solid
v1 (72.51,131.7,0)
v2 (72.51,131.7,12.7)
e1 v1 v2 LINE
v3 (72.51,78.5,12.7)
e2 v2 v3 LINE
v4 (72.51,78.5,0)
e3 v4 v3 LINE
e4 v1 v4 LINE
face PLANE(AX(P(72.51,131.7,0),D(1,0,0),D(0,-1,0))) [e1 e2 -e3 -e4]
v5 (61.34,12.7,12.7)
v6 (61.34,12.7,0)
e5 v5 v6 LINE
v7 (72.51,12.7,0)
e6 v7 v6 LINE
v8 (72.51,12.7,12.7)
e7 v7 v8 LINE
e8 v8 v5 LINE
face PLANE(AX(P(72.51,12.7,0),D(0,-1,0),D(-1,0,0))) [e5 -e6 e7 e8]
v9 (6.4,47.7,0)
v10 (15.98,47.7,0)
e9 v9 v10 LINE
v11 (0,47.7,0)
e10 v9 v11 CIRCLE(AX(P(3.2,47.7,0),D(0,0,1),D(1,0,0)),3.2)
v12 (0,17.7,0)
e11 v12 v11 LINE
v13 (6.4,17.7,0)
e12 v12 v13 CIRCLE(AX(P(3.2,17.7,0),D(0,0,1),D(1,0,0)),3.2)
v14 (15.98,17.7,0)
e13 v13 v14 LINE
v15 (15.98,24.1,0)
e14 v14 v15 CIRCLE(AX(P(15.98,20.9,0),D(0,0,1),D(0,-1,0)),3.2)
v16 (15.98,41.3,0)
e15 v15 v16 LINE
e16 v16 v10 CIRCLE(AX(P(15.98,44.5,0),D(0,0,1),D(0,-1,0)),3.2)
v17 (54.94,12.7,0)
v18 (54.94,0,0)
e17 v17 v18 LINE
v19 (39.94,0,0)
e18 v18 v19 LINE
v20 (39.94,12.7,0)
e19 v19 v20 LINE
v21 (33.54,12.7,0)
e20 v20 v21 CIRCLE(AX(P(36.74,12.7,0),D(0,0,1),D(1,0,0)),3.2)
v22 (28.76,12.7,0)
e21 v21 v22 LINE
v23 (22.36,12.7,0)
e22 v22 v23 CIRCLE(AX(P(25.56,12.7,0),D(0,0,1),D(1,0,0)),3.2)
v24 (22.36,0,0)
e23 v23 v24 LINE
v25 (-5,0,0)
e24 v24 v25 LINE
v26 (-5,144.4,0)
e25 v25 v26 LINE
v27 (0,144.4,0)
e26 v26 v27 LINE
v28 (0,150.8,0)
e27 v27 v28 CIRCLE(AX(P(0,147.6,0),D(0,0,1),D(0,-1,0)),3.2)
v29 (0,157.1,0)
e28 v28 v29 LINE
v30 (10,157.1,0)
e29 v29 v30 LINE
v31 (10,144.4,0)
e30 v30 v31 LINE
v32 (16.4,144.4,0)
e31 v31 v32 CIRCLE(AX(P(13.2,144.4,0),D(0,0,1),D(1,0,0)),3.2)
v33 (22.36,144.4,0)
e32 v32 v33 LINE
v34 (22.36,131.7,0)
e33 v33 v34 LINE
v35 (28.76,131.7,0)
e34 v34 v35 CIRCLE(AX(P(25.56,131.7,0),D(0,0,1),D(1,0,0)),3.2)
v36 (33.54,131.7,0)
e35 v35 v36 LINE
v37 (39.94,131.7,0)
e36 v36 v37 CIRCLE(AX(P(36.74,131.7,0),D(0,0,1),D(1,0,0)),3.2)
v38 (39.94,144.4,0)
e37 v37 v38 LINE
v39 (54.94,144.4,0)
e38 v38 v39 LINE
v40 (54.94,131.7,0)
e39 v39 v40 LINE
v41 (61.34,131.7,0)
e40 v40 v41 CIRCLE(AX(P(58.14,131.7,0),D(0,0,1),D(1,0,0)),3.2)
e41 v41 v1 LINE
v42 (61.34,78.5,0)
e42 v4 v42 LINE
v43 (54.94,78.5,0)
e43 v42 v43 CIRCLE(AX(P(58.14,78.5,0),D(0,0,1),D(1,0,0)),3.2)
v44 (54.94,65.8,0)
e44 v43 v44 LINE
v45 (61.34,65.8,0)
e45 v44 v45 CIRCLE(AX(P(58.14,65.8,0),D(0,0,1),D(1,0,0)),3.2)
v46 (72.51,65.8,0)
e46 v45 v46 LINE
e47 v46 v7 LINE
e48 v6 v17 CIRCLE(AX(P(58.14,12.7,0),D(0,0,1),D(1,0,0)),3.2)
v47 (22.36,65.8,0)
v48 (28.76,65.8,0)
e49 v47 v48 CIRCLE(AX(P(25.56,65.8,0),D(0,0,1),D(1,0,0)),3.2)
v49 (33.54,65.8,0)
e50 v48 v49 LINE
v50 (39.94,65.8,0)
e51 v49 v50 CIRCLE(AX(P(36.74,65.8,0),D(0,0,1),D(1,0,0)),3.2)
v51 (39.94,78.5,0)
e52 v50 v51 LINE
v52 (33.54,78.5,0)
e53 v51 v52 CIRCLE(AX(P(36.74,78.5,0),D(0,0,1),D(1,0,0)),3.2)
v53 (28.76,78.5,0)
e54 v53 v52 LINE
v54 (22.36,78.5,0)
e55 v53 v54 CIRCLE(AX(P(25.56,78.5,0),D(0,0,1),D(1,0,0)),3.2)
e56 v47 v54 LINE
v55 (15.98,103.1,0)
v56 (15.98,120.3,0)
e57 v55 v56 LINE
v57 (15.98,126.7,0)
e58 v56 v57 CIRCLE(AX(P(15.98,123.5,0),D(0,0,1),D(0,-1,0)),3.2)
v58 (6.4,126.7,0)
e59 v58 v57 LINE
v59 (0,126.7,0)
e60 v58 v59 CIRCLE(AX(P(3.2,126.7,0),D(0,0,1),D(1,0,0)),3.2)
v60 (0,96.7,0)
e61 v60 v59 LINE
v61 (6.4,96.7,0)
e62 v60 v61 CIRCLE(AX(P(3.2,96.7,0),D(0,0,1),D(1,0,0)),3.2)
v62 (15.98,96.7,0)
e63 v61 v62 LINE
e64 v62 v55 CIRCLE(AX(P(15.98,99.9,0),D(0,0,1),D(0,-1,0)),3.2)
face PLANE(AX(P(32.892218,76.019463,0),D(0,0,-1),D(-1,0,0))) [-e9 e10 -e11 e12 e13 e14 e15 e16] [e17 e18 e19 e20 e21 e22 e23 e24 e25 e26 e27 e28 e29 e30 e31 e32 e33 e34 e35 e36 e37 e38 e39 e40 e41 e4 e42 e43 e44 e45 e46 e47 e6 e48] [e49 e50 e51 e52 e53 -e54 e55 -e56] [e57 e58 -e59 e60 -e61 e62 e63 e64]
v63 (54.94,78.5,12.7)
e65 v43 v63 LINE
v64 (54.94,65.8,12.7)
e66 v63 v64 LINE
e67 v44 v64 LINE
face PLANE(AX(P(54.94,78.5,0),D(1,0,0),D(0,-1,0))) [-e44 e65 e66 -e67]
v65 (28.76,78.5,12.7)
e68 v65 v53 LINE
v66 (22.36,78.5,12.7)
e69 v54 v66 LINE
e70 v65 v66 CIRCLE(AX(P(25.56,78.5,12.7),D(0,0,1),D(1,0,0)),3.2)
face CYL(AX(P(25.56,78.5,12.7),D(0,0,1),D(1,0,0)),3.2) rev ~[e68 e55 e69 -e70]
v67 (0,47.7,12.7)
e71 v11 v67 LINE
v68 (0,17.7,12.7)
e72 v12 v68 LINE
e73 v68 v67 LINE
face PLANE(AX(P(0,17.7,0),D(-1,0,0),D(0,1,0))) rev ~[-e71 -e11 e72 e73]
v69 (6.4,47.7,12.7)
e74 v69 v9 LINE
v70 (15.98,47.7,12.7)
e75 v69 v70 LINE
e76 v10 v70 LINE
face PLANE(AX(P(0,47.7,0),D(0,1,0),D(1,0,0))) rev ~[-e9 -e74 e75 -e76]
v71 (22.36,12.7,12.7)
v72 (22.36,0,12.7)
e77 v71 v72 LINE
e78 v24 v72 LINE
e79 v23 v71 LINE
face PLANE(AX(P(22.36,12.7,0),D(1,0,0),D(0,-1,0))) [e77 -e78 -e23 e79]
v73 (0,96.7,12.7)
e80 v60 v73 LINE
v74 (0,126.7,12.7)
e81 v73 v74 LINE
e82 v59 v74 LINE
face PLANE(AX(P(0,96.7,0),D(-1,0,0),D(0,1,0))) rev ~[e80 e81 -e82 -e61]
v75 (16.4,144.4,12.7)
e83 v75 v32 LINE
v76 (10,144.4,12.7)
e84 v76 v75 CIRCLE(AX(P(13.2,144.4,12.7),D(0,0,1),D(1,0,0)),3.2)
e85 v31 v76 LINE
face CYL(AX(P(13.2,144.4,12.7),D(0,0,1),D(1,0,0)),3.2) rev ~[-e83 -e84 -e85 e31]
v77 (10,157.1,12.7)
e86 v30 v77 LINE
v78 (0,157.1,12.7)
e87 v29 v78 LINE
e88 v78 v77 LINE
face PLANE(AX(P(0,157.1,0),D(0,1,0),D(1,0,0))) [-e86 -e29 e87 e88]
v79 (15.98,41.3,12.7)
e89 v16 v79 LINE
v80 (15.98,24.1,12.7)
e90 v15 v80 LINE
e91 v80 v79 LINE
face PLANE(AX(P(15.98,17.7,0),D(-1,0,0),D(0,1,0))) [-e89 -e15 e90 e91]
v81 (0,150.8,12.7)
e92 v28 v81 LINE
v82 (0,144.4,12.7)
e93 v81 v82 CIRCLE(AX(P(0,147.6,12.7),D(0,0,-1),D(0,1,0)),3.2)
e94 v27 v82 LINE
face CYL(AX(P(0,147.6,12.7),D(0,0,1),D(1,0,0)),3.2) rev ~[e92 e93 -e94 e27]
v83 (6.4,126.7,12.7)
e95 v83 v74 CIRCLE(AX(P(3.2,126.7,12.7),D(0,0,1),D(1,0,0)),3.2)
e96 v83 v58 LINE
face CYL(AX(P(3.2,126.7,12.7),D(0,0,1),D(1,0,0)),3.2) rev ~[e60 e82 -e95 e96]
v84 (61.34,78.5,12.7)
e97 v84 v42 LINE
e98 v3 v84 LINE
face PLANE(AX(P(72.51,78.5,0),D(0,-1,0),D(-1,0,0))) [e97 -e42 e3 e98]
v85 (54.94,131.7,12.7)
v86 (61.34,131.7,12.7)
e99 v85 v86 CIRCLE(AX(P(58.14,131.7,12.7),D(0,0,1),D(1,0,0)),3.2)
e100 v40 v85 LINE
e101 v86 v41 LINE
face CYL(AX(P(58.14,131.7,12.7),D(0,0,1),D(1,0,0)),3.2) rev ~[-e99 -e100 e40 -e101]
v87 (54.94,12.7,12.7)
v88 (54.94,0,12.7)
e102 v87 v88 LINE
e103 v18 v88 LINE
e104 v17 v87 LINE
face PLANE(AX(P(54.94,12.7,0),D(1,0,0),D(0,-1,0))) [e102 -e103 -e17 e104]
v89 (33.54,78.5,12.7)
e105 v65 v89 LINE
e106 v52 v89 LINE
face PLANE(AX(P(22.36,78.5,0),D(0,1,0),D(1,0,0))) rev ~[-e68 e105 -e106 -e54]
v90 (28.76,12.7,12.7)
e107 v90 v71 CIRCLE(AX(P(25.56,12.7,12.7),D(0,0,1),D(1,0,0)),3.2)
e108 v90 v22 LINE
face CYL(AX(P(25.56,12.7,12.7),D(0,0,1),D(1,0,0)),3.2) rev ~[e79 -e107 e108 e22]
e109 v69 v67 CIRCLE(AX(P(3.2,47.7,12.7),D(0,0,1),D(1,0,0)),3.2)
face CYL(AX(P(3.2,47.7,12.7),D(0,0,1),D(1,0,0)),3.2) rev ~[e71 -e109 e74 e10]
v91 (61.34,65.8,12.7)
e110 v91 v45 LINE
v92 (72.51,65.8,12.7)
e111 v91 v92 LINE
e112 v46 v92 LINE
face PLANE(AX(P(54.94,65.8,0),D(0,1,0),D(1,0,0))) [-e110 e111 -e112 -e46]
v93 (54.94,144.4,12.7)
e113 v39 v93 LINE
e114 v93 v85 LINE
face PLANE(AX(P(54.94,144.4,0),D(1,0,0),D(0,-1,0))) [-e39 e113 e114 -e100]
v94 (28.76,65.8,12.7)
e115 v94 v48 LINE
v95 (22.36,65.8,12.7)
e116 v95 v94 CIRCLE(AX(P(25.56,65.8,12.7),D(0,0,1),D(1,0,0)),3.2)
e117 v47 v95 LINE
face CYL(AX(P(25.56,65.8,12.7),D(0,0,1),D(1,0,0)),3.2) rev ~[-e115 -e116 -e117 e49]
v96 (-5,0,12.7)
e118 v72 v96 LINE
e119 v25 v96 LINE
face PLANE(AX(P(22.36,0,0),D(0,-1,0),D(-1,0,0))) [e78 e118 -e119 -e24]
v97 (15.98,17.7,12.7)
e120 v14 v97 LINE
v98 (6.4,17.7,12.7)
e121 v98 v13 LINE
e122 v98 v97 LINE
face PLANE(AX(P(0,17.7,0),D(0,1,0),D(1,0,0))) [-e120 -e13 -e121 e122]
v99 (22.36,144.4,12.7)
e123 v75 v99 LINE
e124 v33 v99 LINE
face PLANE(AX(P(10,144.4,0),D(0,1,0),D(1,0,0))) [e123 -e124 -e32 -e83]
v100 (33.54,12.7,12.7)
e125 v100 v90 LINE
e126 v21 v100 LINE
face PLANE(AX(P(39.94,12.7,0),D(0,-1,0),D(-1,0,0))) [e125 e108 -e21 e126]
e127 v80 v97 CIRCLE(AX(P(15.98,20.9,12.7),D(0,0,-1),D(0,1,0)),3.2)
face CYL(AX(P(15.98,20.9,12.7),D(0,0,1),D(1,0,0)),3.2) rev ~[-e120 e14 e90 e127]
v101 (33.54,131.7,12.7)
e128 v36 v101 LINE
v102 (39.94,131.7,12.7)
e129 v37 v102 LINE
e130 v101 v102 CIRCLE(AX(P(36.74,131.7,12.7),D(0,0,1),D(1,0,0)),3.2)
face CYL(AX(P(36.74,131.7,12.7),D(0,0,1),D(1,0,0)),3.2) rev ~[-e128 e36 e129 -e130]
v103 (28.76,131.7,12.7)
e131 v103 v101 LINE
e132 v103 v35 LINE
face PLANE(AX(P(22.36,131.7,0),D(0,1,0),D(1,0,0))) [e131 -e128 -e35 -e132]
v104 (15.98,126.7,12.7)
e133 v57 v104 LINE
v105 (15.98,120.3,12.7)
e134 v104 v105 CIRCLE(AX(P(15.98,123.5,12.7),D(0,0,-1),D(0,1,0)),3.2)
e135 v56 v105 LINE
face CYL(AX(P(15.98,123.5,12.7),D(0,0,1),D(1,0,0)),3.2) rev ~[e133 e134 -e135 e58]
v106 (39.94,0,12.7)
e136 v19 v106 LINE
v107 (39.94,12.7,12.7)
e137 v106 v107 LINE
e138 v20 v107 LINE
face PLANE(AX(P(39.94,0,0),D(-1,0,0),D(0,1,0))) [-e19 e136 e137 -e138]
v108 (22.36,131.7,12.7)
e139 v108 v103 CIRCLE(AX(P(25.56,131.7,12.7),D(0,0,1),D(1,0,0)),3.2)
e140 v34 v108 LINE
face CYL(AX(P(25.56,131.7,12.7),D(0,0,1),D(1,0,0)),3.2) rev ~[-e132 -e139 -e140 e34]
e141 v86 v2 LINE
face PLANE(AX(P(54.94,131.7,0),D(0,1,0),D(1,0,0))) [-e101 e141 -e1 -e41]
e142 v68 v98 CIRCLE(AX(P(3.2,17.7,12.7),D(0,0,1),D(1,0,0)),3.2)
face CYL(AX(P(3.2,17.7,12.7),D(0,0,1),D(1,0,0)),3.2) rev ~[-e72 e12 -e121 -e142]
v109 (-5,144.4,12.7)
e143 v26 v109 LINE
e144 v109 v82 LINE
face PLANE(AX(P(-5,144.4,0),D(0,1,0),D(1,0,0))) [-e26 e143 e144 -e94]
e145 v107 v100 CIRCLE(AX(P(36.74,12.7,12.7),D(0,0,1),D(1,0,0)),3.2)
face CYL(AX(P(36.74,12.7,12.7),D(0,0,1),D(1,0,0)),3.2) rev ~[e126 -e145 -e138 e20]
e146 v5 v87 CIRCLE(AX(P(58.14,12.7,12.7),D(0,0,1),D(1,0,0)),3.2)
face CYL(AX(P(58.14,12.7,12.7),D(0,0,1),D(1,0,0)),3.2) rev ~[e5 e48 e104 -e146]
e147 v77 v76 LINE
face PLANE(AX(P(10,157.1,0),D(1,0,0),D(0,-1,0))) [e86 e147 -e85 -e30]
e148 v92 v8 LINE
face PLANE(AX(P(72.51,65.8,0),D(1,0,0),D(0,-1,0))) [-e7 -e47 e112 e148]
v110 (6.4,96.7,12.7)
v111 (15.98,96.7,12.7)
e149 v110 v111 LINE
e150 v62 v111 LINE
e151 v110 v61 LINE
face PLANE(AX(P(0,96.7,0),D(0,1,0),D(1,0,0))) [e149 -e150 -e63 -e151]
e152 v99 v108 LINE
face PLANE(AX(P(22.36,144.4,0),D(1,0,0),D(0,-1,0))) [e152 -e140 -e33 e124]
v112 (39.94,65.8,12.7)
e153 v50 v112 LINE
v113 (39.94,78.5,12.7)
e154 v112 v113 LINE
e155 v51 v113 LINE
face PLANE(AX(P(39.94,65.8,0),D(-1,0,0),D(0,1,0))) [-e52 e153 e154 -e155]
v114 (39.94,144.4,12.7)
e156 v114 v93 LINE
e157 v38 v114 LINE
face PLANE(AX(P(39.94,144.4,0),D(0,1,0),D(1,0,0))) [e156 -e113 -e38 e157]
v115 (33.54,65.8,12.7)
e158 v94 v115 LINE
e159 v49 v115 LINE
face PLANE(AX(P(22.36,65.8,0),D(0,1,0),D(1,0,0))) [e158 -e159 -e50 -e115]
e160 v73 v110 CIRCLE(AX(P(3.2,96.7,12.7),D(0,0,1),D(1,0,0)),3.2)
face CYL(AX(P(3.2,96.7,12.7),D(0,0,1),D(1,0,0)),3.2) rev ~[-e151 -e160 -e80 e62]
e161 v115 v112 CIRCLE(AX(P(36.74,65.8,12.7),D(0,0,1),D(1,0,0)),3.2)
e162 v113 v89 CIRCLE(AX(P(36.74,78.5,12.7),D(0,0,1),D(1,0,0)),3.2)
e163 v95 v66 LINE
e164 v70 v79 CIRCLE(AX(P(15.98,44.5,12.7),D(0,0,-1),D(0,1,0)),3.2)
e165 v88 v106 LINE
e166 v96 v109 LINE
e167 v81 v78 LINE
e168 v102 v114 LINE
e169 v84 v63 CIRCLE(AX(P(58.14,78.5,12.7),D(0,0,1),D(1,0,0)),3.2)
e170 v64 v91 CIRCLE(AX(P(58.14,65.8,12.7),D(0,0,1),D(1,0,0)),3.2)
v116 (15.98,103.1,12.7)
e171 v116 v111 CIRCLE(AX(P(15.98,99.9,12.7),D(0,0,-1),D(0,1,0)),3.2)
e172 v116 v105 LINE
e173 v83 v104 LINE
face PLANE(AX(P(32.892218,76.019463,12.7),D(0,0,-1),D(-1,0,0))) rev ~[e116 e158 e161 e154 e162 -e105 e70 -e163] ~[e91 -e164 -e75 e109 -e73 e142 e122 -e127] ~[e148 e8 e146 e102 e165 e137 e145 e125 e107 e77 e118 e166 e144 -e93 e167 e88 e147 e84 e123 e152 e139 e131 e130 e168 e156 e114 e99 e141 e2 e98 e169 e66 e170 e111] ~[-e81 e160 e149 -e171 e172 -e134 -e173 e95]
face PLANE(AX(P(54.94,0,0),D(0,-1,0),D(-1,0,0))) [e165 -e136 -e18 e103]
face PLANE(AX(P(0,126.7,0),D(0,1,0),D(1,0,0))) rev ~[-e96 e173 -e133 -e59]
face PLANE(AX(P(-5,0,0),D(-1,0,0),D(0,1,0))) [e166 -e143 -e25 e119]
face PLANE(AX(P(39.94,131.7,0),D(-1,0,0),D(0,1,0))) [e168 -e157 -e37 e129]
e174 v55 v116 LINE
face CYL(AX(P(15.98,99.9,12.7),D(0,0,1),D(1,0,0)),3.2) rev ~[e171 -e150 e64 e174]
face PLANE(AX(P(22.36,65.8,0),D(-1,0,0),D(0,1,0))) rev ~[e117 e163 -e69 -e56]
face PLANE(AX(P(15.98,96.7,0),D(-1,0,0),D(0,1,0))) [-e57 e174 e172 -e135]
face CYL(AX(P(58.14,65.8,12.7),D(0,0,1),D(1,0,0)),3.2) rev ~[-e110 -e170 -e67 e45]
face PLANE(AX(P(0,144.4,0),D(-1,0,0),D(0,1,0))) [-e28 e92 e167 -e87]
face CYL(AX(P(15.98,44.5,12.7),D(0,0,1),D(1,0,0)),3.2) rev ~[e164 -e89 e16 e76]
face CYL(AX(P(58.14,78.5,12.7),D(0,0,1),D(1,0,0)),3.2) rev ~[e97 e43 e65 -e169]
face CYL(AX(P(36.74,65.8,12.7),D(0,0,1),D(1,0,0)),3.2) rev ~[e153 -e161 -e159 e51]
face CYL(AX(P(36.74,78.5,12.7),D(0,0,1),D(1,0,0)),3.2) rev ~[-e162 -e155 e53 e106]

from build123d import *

# Parameters (mm, degrees)
SKETCH1_W           = 17.58
SKETCH1_H           = 12.7
SKETCH1_W_2         = 15.98
SKETCH1_H_2         = 30
BOSS_EXTRUDE1_DEPTH = 12.7
SKETCH2_R           = 3.2
CUT_EXTRUDE1_DEPTH  = 174.491786837


with BuildPart() as part:
    # Sketch1 → Boss-Extrude1 (new body)
    with BuildSketch(Plane.XY):
        Polygon((54.94, 144.4), (54.94, 131.7), (72.51, 131.7), (72.51, 78.5), (54.94, 78.5), (54.94, 65.8), (72.51, 65.8), (72.51, 12.7), (54.94, 12.7), (54.94, 0), (39.94, 0), (39.94, 12.7), (22.36, 12.7), (22.36, 0), (-5, 0), (-5, 144.4), (0, 144.4), (0, 157.1), (10, 157.1), (10, 144.4), (22.36, 144.4), (22.36, 131.7), (39.94, 131.7), (39.94, 144.4), align=None)
        with Locations((31.15, 72.15)):
            Rectangle(SKETCH1_W, SKETCH1_H, mode=Mode.SUBTRACT)
        with Locations((7.99, 111.7)):
            Rectangle(SKETCH1_W_2, SKETCH1_H_2, mode=Mode.SUBTRACT)
        with Locations((7.99, 32.7)):
            Rectangle(SKETCH1_W_2, SKETCH1_H_2, mode=Mode.SUBTRACT)
    extrude(amount=BOSS_EXTRUDE1_DEPTH)

    # Sketch2 → Cut-Extrude1 (cut, through all)
    with BuildSketch(Plane.XY.offset(12.7)):
        with Locations((58.14, 131.7)):
            Circle(SKETCH2_R)
        with Locations((58.14, 78.5)):
            Circle(SKETCH2_R)
        with Locations((58.14, 65.8)):
            Circle(SKETCH2_R)
        with Locations((36.74, 78.5)):
            Circle(SKETCH2_R)
        with Locations((36.74, 65.8)):
            Circle(SKETCH2_R)
        with Locations((25.56, 78.5)):
            Circle(SKETCH2_R)
        with Locations((25.56, 65.8)):
            Circle(SKETCH2_R)
        with Locations((25.56, 12.7)):
            Circle(SKETCH2_R)
        with Locations((36.74, 12.7)):
            Circle(SKETCH2_R)
        with Locations((58.14, 12.7)):
            Circle(SKETCH2_R)
        with Locations((36.74, 131.7)):
            Circle(SKETCH2_R)
        with Locations((25.56, 131.7)):
            Circle(SKETCH2_R)
        with Locations((13.2, 144.4)):
            Circle(SKETCH2_R)
        with Locations((15.98, 123.5)):
            Circle(SKETCH2_R)
        with Locations((3.2, 126.7)):
            Circle(SKETCH2_R)
        with Locations((3.2, 96.7)):
            Circle(SKETCH2_R)
        with Locations((15.98, 99.9)):
            Circle(SKETCH2_R)
        with Locations((15.98, 44.5)):
            Circle(SKETCH2_R)
        with Locations((15.98, 20.9)):
            Circle(SKETCH2_R)
        with Locations((3.2, 17.7)):
            Circle(SKETCH2_R)
        with Locations((3.2, 47.7)):
            Circle(SKETCH2_R)
        with Locations((0, 147.6)):
            Circle(SKETCH2_R)
    extrude(amount=-CUT_EXTRUDE1_DEPTH, mode=Mode.SUBTRACT)


solid = part.part
